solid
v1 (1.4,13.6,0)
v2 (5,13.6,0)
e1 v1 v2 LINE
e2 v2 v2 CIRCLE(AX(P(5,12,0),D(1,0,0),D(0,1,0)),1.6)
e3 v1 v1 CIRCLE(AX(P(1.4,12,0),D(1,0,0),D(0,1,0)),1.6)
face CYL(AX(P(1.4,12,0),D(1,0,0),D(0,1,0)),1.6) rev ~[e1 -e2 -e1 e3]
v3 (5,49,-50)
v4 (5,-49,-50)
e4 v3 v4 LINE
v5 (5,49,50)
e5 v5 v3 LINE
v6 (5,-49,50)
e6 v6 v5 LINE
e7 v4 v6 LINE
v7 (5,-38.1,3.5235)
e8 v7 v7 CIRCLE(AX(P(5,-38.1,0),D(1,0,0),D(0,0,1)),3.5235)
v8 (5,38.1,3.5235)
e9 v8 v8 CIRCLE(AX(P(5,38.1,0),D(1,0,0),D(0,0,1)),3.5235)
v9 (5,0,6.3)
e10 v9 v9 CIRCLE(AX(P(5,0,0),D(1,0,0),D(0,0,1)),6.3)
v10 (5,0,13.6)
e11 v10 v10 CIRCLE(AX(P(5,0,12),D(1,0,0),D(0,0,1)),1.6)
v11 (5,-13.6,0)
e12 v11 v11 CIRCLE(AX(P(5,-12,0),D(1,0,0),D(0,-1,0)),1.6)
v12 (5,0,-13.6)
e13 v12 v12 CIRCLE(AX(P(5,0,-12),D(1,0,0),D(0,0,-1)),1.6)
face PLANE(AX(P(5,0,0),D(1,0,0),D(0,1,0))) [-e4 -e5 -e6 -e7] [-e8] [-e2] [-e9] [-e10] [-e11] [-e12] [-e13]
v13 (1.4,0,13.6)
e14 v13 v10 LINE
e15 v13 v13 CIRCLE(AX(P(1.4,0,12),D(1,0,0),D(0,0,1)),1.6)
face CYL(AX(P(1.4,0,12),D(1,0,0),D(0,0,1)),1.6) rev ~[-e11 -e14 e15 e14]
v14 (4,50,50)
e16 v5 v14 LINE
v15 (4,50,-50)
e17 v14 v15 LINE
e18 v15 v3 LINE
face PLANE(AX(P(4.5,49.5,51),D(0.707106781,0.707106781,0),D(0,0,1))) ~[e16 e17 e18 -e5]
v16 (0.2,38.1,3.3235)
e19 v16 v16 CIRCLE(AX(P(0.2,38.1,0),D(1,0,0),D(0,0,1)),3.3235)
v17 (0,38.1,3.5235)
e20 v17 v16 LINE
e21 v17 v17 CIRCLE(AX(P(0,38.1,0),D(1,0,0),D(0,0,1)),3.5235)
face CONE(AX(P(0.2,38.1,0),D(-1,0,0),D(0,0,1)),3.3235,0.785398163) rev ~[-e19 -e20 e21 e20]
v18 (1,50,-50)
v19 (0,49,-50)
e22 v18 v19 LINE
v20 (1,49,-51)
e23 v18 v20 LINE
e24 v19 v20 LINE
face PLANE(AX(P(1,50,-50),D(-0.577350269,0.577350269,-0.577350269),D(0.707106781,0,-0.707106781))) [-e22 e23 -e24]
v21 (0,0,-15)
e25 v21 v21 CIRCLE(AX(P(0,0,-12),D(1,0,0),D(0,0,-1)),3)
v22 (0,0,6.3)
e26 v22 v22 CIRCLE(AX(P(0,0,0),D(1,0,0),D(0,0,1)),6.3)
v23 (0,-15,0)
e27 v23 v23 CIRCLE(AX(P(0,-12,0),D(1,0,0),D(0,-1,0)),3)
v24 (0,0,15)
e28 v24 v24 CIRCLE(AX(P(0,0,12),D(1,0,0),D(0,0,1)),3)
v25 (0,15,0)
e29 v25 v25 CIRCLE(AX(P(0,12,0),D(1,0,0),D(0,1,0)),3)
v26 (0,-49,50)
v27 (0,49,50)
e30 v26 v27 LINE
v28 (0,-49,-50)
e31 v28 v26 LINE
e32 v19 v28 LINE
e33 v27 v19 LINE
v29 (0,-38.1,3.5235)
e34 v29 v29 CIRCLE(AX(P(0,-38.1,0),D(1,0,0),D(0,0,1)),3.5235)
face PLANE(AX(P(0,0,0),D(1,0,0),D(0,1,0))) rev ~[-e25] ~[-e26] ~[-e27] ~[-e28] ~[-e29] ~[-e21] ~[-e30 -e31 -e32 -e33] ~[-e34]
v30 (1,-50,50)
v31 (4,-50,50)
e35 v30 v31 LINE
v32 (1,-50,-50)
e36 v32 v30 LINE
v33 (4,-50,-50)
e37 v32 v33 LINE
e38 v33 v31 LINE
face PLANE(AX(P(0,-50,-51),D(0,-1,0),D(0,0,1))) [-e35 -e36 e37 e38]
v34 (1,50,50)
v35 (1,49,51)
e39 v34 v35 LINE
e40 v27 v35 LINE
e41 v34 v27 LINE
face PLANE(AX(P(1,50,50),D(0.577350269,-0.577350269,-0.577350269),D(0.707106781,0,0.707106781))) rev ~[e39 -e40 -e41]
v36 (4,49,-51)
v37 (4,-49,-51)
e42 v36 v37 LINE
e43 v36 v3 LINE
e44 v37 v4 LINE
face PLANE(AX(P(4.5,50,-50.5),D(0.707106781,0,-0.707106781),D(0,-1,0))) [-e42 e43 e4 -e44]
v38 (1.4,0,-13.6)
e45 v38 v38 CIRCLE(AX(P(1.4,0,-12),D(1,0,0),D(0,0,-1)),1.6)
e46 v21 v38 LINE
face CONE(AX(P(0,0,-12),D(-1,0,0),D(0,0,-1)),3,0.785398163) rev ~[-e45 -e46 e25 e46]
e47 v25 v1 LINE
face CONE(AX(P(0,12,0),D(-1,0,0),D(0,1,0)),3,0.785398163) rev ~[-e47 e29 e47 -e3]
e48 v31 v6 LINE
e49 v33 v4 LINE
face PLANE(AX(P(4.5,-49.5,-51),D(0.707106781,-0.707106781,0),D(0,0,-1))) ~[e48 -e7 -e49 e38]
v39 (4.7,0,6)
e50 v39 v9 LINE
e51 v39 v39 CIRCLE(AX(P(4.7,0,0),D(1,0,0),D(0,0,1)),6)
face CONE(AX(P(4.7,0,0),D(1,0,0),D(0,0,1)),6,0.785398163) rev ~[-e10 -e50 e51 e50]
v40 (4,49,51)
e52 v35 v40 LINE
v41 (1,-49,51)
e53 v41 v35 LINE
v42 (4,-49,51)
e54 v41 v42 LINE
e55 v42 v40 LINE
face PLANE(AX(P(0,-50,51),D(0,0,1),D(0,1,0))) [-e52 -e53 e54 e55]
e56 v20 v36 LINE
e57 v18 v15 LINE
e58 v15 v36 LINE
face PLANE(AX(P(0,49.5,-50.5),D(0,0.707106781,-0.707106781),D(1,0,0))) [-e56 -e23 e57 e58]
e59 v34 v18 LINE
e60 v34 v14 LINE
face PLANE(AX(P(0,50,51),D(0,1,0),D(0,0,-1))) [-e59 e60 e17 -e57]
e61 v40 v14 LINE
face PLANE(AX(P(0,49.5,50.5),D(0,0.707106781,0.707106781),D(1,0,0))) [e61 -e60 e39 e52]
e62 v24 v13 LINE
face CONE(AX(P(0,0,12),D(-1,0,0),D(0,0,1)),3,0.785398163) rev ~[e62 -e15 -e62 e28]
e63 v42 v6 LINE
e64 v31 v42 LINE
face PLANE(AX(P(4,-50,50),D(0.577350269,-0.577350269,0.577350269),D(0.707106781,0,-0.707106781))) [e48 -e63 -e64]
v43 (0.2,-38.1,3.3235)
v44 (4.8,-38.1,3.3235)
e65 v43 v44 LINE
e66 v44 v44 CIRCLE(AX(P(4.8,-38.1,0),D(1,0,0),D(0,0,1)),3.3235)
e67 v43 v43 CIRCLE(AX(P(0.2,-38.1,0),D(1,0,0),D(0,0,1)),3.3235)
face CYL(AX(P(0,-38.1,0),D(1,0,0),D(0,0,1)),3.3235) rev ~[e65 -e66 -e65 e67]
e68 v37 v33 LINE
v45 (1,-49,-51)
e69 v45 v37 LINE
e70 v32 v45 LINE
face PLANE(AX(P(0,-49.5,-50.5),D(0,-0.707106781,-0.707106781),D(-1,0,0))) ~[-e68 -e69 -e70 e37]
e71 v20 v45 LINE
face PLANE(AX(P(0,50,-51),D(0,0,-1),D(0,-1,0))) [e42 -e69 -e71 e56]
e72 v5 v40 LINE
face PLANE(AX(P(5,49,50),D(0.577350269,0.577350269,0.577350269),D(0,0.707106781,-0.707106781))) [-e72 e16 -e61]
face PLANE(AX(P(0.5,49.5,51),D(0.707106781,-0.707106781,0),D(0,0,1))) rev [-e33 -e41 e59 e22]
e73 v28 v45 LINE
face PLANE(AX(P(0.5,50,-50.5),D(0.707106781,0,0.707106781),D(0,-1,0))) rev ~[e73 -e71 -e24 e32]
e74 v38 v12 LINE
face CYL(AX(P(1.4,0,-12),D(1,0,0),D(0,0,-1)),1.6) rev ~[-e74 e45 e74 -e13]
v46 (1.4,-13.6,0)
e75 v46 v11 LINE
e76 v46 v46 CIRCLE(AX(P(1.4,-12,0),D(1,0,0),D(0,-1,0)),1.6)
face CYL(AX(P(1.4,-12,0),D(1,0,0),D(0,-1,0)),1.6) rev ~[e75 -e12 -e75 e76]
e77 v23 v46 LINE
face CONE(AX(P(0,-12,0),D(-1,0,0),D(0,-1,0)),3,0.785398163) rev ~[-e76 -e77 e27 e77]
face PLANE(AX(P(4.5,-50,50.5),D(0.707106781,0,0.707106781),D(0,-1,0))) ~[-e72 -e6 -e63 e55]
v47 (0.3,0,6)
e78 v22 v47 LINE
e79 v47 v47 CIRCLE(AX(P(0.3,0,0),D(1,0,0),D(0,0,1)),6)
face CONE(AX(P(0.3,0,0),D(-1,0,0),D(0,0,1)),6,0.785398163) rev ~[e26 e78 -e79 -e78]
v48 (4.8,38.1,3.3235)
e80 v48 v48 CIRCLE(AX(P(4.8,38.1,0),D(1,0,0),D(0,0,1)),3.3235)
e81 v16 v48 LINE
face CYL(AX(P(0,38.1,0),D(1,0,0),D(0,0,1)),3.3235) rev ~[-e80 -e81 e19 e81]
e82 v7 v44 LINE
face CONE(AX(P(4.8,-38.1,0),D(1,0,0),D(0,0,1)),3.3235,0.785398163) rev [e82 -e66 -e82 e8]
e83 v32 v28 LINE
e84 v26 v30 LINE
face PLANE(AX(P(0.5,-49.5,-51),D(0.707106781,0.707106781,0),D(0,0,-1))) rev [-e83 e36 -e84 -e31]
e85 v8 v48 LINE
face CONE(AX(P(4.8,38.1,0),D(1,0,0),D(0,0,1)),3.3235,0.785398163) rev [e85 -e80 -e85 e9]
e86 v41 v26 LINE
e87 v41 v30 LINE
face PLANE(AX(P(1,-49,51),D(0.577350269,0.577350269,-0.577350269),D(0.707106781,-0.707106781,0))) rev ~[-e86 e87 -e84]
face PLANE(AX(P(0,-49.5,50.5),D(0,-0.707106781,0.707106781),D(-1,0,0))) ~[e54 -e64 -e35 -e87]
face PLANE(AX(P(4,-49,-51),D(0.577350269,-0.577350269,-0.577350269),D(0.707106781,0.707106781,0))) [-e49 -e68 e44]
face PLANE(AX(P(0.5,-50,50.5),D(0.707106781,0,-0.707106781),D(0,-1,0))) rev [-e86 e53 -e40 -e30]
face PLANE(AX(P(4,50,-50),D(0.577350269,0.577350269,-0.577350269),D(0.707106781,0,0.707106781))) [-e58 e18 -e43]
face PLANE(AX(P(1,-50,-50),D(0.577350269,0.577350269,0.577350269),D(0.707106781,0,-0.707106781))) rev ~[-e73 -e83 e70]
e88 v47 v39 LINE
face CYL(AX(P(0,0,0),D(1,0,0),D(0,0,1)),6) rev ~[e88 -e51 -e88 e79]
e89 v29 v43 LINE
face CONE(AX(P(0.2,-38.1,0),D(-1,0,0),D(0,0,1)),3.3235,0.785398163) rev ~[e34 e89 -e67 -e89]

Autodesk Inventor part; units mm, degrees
ref_plane "YZ Plane" through (0, 0, 0) normal (1, 0, 0) x (0, 1, 0)
ref_plane "XZ Plane" through (0, 0, 0) normal (0, 1, 0) x (-1, 0, 0)
ref_plane "XY Plane" through (0, 0, 0) normal (0, 0, 1) x (1, 0, 0)
sketch "Sketch1" plane through (0, 0, 0) normal (1, 0, 0) x (0, 1, 0)
  point P0 (0, 0)
  point P1 (0, 12)
  dimension "d0" = 12
sketch "Sketch2" plane through (0, 0, 0) normal (1, 0, 0) x (0, 1, 0)
  line L0 (-50, 51) -> (50, 51)
  line L1 (50, 51) -> (50, -51)
  line L2 (50, -51) -> (-50, -51)
  line L3 (-50, -51) -> (-50, 51)
  line L4 (-50, 51) -> (50, -51) construction
  line L5 (50, 51) -> (-50, -51) construction
  point P0 (0, 0)
  dimension "d1" = 100
  dimension "d2" = 102
extrude "Extrusion1" add sketch "Sketch2" along normal blind 5
hole "Hole1" at (0, 0, 12) direction (1, 0, 0) diameter 3.2 end through all countersink diameter 6 countersink angle 90
pattern_circular "Circular Pattern1" count 4 over 360 about axis through (-10, 0, 0) along (1, 0, 0) of "Hole1"
sketch "Sketch3" plane through (0, 0, 0) normal (-1, 0, 0) x (0, 0, 1)
  point P0 (0, 0)
  point P1 (0, 38.1)
  point P2 (0, -38.1)
  dimension "d15" = 38.1
  dimension "d16" = 38.1
hole "Hole2" at (0, -38.1, 0) at (0, 38.1, 0) direction (1, 0, 0) diameter 6.647 end through all thread size "M8x1.25" class "6H" standard "ISO Metric profile"
chamfer "Chamfer1" distance 1 angle 45 12 edges at (0, 0, -51) (0, -50, 0) (0, 0, 51) (0, 50, 0) (2.5, 50, 51) (5, 0, 51) (2.5, -50, 51) (5, -50, 0) (2.5, -50, -51) (5, 0, -51) (2.5, 50, -51) (5, 50, 0)
sketch "Sketch4" plane through (0, 0, 0) normal (-1, 0, 0) x (0, 0, 1)
  point P0 (0, 0)
  point P1 (0, 0)
hole "Hole3" at (0, 0, 0) direction (1, 0, 0) diameter 12 depth 10 tip angle 118
chamfer "Chamfer3" distance 0.2 angle 45 4 edges at (0, -38.1, -3.3235) (0, 38.1, -3.3235) (5, -38.1, -3.3235) (5, 38.1, -3.3235)
chamfer "Chamfer4" distance 0.3 angle 45 2 edges at (0, 0, -6) (5, 0, -6)
properties part number "plytkaadaptacyjna" material "Stainless Steel"
